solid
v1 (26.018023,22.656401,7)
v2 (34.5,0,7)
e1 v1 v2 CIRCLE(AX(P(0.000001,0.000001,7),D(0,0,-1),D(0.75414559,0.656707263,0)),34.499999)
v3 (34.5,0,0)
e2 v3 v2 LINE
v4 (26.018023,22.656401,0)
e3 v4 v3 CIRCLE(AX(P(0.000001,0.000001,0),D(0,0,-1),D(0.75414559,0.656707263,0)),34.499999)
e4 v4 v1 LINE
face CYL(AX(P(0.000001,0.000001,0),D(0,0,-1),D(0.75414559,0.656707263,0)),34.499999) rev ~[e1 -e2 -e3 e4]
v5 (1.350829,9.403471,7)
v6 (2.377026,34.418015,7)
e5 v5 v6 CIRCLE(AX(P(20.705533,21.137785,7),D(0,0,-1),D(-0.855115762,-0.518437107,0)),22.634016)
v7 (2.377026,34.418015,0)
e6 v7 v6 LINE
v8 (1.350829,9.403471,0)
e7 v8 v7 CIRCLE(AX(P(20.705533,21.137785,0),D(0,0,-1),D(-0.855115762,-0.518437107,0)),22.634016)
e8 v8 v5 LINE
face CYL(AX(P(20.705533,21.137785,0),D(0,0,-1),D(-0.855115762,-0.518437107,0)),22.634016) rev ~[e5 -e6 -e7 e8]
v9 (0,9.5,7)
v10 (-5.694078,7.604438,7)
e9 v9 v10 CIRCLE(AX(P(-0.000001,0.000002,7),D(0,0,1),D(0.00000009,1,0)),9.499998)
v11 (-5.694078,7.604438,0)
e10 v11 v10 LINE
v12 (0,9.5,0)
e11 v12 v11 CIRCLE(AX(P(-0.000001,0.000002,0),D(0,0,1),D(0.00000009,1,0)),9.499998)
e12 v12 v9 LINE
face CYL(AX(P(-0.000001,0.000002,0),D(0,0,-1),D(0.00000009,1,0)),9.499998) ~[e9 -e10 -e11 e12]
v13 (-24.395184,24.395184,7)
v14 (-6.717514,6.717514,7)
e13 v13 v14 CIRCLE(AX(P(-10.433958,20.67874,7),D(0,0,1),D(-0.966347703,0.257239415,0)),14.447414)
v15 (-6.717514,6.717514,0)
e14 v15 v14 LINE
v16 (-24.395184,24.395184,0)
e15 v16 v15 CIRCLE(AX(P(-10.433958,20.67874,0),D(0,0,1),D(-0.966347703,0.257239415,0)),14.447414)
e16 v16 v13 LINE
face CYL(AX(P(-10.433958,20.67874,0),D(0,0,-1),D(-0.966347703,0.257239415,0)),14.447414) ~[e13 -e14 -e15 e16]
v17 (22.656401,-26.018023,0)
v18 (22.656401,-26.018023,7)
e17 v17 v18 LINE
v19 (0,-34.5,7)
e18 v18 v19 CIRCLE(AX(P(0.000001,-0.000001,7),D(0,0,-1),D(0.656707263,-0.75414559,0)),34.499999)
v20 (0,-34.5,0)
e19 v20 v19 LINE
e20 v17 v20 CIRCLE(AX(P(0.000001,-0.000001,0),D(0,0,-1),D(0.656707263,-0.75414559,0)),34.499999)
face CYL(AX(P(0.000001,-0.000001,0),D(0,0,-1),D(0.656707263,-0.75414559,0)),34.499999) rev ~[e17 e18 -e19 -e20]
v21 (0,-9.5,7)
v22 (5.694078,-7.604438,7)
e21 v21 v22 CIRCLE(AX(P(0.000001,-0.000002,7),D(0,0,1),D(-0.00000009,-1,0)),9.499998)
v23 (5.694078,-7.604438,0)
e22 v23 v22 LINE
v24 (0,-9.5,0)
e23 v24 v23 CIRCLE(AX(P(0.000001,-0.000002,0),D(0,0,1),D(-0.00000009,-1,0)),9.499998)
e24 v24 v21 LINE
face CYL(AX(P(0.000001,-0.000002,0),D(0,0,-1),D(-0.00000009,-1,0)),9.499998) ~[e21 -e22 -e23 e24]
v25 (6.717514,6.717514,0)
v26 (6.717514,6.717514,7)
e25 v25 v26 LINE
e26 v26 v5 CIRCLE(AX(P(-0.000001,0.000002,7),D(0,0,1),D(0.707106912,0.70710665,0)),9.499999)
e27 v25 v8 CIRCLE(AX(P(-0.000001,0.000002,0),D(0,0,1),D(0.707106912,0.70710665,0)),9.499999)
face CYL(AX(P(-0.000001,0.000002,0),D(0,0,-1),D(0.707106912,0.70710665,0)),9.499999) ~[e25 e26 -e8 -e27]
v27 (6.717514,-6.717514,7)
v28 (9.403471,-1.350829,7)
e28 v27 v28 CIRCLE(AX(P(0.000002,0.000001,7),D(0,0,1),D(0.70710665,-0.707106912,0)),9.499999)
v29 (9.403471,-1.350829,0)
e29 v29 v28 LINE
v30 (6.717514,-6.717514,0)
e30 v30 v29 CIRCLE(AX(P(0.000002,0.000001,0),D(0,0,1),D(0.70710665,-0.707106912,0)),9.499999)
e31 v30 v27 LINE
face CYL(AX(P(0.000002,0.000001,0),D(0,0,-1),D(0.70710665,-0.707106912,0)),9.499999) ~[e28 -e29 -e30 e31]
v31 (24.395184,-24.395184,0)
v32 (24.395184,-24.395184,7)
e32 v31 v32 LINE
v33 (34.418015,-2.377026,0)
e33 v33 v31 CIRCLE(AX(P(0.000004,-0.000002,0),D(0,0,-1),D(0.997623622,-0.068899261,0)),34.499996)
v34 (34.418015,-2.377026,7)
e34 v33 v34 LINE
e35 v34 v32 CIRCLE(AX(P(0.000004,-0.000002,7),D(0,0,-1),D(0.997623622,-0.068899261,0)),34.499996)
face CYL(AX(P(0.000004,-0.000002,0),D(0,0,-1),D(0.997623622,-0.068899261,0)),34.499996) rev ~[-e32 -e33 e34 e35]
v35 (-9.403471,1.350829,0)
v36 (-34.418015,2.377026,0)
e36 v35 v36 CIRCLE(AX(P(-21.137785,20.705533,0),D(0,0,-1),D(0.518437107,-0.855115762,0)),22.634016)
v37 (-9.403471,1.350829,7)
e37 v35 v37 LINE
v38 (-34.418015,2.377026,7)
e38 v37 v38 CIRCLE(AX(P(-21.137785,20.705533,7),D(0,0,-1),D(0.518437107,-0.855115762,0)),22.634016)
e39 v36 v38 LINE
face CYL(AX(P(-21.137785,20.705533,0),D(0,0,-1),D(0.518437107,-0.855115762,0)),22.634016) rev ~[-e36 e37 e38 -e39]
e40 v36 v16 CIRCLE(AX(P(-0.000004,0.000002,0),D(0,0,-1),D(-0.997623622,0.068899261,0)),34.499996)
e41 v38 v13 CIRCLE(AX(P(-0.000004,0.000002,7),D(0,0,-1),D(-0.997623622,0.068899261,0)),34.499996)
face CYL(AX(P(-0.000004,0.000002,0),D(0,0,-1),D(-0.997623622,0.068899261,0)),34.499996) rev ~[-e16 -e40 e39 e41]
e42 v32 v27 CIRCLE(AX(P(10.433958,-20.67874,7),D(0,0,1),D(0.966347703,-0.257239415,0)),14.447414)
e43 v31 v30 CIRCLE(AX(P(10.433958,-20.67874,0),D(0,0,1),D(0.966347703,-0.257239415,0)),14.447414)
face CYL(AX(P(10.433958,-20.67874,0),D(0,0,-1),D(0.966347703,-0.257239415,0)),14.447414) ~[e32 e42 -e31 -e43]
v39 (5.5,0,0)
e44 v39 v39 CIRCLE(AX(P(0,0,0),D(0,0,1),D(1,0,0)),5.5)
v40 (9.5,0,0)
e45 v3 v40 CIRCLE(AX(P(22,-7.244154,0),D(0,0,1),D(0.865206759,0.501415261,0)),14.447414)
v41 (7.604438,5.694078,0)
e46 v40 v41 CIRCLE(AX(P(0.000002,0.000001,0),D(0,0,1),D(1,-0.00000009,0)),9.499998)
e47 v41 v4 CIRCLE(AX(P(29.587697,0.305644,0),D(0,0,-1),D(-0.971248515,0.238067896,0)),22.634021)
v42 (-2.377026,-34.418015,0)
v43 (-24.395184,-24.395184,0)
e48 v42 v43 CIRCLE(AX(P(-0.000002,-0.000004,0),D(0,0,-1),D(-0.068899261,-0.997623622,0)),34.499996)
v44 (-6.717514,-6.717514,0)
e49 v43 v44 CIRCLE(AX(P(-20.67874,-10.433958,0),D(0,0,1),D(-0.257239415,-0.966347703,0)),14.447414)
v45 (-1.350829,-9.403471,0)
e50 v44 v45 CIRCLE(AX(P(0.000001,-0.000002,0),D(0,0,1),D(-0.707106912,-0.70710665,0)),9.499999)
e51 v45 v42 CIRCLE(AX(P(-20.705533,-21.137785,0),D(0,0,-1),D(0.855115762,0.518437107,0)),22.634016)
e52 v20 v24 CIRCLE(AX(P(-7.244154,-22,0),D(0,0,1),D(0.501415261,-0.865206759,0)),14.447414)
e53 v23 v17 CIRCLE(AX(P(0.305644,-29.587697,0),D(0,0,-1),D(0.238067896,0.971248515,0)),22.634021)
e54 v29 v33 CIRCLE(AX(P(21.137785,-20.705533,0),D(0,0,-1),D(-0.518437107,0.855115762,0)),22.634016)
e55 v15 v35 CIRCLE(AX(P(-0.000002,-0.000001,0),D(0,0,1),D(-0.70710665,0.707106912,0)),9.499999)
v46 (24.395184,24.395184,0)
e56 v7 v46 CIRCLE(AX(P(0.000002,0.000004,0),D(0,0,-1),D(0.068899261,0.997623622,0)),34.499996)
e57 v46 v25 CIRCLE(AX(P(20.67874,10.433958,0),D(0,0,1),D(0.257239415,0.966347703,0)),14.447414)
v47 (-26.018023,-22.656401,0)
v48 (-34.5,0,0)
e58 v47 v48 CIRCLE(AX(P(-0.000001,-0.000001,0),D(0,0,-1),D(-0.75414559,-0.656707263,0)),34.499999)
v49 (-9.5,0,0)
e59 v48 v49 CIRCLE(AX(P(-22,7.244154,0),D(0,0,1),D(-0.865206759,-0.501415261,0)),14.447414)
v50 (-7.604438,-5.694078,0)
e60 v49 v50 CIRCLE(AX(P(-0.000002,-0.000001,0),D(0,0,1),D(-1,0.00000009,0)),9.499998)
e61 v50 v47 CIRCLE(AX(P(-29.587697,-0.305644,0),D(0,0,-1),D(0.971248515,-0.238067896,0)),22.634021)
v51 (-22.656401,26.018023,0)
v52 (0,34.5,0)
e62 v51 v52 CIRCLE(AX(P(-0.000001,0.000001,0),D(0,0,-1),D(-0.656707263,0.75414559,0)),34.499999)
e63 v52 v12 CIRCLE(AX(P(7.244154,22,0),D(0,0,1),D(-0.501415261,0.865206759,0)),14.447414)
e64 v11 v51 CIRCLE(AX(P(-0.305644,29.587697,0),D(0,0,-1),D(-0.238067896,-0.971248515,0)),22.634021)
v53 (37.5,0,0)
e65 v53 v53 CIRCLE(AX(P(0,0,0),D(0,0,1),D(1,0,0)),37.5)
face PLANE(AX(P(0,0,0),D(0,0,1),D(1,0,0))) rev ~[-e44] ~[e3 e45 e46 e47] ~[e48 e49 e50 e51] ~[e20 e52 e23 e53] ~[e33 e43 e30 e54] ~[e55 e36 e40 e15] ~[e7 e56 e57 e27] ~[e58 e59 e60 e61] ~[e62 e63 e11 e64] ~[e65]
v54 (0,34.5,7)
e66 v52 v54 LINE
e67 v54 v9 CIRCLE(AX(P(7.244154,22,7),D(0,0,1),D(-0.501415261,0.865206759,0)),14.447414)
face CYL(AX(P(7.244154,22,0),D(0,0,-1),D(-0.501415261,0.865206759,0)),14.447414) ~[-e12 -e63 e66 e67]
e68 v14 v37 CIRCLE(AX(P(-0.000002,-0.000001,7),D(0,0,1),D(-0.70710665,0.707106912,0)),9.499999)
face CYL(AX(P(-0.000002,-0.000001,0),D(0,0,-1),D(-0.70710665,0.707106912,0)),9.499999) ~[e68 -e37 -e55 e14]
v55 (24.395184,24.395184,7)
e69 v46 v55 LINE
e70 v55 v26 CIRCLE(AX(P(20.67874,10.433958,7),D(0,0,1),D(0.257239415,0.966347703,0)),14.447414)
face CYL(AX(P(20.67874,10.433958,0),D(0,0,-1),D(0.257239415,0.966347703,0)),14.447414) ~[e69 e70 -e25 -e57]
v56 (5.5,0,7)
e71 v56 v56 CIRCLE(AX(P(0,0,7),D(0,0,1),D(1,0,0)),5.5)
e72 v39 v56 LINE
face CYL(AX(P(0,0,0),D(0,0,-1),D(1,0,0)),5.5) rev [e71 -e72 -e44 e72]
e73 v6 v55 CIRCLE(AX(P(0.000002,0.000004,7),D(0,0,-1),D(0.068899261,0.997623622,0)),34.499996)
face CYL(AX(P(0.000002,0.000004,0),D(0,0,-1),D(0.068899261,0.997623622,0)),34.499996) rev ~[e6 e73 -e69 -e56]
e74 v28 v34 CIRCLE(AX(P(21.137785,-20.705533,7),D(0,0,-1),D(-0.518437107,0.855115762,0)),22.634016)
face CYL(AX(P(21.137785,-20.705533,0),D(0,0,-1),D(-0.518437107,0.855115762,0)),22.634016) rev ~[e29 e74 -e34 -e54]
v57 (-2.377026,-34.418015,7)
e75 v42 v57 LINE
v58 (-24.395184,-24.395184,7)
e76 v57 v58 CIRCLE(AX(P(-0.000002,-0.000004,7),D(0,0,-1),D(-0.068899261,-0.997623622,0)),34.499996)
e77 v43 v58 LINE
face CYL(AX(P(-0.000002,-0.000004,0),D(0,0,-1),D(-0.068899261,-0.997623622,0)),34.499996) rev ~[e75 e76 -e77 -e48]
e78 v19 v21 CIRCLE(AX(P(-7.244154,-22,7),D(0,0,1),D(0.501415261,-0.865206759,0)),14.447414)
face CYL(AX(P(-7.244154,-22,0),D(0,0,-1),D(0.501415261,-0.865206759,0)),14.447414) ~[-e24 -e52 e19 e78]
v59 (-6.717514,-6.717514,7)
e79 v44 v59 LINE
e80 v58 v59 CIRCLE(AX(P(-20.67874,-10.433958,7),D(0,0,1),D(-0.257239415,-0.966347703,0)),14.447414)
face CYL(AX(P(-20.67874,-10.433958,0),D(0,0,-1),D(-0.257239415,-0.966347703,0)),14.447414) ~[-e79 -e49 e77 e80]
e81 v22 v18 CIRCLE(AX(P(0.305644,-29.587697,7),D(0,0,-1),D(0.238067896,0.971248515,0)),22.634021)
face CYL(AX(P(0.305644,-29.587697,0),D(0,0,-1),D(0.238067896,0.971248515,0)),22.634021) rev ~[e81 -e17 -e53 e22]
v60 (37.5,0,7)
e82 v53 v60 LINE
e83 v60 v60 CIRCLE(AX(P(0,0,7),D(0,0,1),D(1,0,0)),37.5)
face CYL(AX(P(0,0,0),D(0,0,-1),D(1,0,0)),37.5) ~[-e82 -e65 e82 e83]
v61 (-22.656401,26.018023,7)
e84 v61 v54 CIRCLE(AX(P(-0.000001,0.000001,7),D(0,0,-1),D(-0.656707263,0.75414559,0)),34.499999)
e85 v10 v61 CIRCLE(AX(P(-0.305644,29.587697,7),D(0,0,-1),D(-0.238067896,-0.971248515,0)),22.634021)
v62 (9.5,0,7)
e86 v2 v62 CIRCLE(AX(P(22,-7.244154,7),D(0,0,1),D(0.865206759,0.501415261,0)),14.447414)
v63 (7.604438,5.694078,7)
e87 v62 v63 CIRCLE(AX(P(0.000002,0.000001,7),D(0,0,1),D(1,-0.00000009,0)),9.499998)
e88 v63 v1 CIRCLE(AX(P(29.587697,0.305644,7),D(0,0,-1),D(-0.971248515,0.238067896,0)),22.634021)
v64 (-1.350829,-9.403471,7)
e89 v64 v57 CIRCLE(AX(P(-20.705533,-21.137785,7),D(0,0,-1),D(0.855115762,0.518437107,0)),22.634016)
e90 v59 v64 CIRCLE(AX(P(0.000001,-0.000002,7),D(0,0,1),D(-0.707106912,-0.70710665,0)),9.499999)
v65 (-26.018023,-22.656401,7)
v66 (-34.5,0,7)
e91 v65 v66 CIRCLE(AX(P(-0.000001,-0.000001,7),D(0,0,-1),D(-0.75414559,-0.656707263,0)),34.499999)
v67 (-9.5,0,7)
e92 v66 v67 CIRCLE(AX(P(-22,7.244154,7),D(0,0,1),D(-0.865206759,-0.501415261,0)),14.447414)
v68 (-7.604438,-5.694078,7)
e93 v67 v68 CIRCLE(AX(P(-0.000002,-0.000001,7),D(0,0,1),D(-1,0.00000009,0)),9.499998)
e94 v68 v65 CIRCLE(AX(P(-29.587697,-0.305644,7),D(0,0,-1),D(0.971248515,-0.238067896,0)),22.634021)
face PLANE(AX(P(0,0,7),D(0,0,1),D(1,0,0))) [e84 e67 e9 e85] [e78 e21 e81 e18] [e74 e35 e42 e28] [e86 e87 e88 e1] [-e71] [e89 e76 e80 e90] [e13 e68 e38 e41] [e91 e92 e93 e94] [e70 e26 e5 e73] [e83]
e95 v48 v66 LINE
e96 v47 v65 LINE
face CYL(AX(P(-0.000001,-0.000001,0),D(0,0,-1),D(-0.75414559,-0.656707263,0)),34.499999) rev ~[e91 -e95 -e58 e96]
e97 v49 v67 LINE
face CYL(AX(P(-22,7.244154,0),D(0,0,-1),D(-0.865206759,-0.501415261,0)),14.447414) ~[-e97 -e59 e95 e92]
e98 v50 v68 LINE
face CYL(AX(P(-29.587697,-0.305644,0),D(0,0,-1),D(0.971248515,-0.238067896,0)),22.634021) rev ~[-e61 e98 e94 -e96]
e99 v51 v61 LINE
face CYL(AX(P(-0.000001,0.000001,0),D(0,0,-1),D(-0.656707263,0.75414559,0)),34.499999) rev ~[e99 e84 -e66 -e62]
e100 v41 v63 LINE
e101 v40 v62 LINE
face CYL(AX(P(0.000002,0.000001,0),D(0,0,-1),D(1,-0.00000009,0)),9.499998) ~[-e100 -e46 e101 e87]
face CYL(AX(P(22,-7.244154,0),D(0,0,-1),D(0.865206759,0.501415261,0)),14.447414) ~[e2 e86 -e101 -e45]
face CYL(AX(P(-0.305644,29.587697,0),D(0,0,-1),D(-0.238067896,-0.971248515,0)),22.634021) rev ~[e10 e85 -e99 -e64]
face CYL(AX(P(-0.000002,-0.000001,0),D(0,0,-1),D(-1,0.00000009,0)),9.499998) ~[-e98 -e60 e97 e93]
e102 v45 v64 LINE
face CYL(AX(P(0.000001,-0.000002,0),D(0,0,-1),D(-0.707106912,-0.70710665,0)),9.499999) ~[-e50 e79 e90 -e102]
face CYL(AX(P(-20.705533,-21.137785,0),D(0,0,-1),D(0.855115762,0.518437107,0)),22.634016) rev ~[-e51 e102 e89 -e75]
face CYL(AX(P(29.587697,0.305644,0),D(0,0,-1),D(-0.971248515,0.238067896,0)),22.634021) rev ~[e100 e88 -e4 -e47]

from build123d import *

# Parameters (mm, degrees)
F0_R     = 37.5
F0_R_2   = 5.5
F1_DEPTH = 7


with BuildPart() as f1:
    # F0 (on Top) → F1 (new body)
    with BuildSketch(Plane.XY):
        Circle(F0_R)
        with BuildLine():
            ThreePointArc((-2.377026, -34.418015), (-14.293428, -31.399808), (-24.395184, -24.395184))
            ThreePointArc((-24.395184, -24.395184), (-10.462875, -20.649823), (-6.717514, -6.717514))
            ThreePointArc((-6.717514, -6.717514), (-4.251838, -8.495403), (-1.350829, -9.403471))
            ThreePointArc((-1.350829, -9.403471), (1.909461, -22.065542), (-2.377026, -34.418015))
        make_face(mode=Mode.SUBTRACT)
        with BuildLine():
            ThreePointArc((-26.018023, -22.656401), (-32.309997, -12.096037), (-34.5, 0))
            ThreePointArc((-34.5, 0), (-22, -7.20326), (-9.5, 0))
            ThreePointArc((-9.5, 0), (-9.013661, -3.000653), (-7.604438, -5.694078))
            ThreePointArc((-7.604438, -5.694078), (-14.252502, -16.952887), (-26.018023, -22.656401))
        make_face(mode=Mode.SUBTRACT)
        with BuildLine():
            ThreePointArc((22.656401, -26.018023), (12.096037, -32.309997), (0, -34.5))
            ThreePointArc((0, -34.5), (7.20326, -22), (0, -9.5))
            ThreePointArc((0, -9.5), (3.000653, -9.013661), (5.694078, -7.604438))
            ThreePointArc((5.694078, -7.604438), (16.952887, -14.252502), (22.656401, -26.018023))
        make_face(mode=Mode.SUBTRACT)
        with BuildLine():
            ThreePointArc((9.403471, -1.350829), (22.065542, 1.909461), (34.418015, -2.377026))
            ThreePointArc((34.418015, -2.377026), (31.399808, -14.293428), (24.395184, -24.395184))
            ThreePointArc((24.395184, -24.395184), (20.649823, -10.462875), (6.717514, -6.717514))
            ThreePointArc((6.717514, -6.717514), (8.495403, -4.251838), (9.403471, -1.350829))
        make_face(mode=Mode.SUBTRACT)
        with BuildLine():
            ThreePointArc((-34.418015, 2.377026), (-31.399808, 14.293428), (-24.395184, 24.395184))
            ThreePointArc((-24.395184, 24.395184), (-20.649823, 10.462875), (-6.717514, 6.717514))
            ThreePointArc((-6.717514, 6.717514), (-8.495403, 4.251838), (-9.403471, 1.350829))
            ThreePointArc((-9.403471, 1.350829), (-22.065542, -1.909461), (-34.418015, 2.377026))
        make_face(mode=Mode.SUBTRACT)
        with BuildLine():
            ThreePointArc((-22.656401, 26.018023), (-12.096037, 32.309997), (0, 34.5))
            ThreePointArc((0, 34.5), (-7.20326, 22), (0, 9.5))
            ThreePointArc((0, 9.5), (-3.000653, 9.013661), (-5.694078, 7.604438))
            ThreePointArc((-5.694078, 7.604438), (-16.952887, 14.252502), (-22.656401, 26.018023))
        make_face(mode=Mode.SUBTRACT)
        Circle(F0_R_2, mode=Mode.SUBTRACT)
        with BuildLine():
            ThreePointArc((26.018023, 22.656401), (32.309997, 12.096037), (34.5, 0))
            ThreePointArc((34.5, 0), (22, 7.20326), (9.5, 0))
            ThreePointArc((9.5, 0), (9.013661, 3.000653), (7.604438, 5.694078))
            ThreePointArc((7.604438, 5.694078), (14.252502, 16.952887), (26.018023, 22.656401))
        make_face(mode=Mode.SUBTRACT)
        with BuildLine():
            ThreePointArc((2.377026, 34.418015), (14.293428, 31.399808), (24.395184, 24.395184))
            ThreePointArc((24.395184, 24.395184), (10.462875, 20.649823), (6.717514, 6.717514))
            ThreePointArc((6.717514, 6.717514), (4.251838, 8.495403), (1.350829, 9.403471))
            ThreePointArc((1.350829, 9.403471), (-1.909461, 22.065542), (2.377026, 34.418015))
        make_face(mode=Mode.SUBTRACT)
    extrude(amount=F1_DEPTH)


solid = f1.part
